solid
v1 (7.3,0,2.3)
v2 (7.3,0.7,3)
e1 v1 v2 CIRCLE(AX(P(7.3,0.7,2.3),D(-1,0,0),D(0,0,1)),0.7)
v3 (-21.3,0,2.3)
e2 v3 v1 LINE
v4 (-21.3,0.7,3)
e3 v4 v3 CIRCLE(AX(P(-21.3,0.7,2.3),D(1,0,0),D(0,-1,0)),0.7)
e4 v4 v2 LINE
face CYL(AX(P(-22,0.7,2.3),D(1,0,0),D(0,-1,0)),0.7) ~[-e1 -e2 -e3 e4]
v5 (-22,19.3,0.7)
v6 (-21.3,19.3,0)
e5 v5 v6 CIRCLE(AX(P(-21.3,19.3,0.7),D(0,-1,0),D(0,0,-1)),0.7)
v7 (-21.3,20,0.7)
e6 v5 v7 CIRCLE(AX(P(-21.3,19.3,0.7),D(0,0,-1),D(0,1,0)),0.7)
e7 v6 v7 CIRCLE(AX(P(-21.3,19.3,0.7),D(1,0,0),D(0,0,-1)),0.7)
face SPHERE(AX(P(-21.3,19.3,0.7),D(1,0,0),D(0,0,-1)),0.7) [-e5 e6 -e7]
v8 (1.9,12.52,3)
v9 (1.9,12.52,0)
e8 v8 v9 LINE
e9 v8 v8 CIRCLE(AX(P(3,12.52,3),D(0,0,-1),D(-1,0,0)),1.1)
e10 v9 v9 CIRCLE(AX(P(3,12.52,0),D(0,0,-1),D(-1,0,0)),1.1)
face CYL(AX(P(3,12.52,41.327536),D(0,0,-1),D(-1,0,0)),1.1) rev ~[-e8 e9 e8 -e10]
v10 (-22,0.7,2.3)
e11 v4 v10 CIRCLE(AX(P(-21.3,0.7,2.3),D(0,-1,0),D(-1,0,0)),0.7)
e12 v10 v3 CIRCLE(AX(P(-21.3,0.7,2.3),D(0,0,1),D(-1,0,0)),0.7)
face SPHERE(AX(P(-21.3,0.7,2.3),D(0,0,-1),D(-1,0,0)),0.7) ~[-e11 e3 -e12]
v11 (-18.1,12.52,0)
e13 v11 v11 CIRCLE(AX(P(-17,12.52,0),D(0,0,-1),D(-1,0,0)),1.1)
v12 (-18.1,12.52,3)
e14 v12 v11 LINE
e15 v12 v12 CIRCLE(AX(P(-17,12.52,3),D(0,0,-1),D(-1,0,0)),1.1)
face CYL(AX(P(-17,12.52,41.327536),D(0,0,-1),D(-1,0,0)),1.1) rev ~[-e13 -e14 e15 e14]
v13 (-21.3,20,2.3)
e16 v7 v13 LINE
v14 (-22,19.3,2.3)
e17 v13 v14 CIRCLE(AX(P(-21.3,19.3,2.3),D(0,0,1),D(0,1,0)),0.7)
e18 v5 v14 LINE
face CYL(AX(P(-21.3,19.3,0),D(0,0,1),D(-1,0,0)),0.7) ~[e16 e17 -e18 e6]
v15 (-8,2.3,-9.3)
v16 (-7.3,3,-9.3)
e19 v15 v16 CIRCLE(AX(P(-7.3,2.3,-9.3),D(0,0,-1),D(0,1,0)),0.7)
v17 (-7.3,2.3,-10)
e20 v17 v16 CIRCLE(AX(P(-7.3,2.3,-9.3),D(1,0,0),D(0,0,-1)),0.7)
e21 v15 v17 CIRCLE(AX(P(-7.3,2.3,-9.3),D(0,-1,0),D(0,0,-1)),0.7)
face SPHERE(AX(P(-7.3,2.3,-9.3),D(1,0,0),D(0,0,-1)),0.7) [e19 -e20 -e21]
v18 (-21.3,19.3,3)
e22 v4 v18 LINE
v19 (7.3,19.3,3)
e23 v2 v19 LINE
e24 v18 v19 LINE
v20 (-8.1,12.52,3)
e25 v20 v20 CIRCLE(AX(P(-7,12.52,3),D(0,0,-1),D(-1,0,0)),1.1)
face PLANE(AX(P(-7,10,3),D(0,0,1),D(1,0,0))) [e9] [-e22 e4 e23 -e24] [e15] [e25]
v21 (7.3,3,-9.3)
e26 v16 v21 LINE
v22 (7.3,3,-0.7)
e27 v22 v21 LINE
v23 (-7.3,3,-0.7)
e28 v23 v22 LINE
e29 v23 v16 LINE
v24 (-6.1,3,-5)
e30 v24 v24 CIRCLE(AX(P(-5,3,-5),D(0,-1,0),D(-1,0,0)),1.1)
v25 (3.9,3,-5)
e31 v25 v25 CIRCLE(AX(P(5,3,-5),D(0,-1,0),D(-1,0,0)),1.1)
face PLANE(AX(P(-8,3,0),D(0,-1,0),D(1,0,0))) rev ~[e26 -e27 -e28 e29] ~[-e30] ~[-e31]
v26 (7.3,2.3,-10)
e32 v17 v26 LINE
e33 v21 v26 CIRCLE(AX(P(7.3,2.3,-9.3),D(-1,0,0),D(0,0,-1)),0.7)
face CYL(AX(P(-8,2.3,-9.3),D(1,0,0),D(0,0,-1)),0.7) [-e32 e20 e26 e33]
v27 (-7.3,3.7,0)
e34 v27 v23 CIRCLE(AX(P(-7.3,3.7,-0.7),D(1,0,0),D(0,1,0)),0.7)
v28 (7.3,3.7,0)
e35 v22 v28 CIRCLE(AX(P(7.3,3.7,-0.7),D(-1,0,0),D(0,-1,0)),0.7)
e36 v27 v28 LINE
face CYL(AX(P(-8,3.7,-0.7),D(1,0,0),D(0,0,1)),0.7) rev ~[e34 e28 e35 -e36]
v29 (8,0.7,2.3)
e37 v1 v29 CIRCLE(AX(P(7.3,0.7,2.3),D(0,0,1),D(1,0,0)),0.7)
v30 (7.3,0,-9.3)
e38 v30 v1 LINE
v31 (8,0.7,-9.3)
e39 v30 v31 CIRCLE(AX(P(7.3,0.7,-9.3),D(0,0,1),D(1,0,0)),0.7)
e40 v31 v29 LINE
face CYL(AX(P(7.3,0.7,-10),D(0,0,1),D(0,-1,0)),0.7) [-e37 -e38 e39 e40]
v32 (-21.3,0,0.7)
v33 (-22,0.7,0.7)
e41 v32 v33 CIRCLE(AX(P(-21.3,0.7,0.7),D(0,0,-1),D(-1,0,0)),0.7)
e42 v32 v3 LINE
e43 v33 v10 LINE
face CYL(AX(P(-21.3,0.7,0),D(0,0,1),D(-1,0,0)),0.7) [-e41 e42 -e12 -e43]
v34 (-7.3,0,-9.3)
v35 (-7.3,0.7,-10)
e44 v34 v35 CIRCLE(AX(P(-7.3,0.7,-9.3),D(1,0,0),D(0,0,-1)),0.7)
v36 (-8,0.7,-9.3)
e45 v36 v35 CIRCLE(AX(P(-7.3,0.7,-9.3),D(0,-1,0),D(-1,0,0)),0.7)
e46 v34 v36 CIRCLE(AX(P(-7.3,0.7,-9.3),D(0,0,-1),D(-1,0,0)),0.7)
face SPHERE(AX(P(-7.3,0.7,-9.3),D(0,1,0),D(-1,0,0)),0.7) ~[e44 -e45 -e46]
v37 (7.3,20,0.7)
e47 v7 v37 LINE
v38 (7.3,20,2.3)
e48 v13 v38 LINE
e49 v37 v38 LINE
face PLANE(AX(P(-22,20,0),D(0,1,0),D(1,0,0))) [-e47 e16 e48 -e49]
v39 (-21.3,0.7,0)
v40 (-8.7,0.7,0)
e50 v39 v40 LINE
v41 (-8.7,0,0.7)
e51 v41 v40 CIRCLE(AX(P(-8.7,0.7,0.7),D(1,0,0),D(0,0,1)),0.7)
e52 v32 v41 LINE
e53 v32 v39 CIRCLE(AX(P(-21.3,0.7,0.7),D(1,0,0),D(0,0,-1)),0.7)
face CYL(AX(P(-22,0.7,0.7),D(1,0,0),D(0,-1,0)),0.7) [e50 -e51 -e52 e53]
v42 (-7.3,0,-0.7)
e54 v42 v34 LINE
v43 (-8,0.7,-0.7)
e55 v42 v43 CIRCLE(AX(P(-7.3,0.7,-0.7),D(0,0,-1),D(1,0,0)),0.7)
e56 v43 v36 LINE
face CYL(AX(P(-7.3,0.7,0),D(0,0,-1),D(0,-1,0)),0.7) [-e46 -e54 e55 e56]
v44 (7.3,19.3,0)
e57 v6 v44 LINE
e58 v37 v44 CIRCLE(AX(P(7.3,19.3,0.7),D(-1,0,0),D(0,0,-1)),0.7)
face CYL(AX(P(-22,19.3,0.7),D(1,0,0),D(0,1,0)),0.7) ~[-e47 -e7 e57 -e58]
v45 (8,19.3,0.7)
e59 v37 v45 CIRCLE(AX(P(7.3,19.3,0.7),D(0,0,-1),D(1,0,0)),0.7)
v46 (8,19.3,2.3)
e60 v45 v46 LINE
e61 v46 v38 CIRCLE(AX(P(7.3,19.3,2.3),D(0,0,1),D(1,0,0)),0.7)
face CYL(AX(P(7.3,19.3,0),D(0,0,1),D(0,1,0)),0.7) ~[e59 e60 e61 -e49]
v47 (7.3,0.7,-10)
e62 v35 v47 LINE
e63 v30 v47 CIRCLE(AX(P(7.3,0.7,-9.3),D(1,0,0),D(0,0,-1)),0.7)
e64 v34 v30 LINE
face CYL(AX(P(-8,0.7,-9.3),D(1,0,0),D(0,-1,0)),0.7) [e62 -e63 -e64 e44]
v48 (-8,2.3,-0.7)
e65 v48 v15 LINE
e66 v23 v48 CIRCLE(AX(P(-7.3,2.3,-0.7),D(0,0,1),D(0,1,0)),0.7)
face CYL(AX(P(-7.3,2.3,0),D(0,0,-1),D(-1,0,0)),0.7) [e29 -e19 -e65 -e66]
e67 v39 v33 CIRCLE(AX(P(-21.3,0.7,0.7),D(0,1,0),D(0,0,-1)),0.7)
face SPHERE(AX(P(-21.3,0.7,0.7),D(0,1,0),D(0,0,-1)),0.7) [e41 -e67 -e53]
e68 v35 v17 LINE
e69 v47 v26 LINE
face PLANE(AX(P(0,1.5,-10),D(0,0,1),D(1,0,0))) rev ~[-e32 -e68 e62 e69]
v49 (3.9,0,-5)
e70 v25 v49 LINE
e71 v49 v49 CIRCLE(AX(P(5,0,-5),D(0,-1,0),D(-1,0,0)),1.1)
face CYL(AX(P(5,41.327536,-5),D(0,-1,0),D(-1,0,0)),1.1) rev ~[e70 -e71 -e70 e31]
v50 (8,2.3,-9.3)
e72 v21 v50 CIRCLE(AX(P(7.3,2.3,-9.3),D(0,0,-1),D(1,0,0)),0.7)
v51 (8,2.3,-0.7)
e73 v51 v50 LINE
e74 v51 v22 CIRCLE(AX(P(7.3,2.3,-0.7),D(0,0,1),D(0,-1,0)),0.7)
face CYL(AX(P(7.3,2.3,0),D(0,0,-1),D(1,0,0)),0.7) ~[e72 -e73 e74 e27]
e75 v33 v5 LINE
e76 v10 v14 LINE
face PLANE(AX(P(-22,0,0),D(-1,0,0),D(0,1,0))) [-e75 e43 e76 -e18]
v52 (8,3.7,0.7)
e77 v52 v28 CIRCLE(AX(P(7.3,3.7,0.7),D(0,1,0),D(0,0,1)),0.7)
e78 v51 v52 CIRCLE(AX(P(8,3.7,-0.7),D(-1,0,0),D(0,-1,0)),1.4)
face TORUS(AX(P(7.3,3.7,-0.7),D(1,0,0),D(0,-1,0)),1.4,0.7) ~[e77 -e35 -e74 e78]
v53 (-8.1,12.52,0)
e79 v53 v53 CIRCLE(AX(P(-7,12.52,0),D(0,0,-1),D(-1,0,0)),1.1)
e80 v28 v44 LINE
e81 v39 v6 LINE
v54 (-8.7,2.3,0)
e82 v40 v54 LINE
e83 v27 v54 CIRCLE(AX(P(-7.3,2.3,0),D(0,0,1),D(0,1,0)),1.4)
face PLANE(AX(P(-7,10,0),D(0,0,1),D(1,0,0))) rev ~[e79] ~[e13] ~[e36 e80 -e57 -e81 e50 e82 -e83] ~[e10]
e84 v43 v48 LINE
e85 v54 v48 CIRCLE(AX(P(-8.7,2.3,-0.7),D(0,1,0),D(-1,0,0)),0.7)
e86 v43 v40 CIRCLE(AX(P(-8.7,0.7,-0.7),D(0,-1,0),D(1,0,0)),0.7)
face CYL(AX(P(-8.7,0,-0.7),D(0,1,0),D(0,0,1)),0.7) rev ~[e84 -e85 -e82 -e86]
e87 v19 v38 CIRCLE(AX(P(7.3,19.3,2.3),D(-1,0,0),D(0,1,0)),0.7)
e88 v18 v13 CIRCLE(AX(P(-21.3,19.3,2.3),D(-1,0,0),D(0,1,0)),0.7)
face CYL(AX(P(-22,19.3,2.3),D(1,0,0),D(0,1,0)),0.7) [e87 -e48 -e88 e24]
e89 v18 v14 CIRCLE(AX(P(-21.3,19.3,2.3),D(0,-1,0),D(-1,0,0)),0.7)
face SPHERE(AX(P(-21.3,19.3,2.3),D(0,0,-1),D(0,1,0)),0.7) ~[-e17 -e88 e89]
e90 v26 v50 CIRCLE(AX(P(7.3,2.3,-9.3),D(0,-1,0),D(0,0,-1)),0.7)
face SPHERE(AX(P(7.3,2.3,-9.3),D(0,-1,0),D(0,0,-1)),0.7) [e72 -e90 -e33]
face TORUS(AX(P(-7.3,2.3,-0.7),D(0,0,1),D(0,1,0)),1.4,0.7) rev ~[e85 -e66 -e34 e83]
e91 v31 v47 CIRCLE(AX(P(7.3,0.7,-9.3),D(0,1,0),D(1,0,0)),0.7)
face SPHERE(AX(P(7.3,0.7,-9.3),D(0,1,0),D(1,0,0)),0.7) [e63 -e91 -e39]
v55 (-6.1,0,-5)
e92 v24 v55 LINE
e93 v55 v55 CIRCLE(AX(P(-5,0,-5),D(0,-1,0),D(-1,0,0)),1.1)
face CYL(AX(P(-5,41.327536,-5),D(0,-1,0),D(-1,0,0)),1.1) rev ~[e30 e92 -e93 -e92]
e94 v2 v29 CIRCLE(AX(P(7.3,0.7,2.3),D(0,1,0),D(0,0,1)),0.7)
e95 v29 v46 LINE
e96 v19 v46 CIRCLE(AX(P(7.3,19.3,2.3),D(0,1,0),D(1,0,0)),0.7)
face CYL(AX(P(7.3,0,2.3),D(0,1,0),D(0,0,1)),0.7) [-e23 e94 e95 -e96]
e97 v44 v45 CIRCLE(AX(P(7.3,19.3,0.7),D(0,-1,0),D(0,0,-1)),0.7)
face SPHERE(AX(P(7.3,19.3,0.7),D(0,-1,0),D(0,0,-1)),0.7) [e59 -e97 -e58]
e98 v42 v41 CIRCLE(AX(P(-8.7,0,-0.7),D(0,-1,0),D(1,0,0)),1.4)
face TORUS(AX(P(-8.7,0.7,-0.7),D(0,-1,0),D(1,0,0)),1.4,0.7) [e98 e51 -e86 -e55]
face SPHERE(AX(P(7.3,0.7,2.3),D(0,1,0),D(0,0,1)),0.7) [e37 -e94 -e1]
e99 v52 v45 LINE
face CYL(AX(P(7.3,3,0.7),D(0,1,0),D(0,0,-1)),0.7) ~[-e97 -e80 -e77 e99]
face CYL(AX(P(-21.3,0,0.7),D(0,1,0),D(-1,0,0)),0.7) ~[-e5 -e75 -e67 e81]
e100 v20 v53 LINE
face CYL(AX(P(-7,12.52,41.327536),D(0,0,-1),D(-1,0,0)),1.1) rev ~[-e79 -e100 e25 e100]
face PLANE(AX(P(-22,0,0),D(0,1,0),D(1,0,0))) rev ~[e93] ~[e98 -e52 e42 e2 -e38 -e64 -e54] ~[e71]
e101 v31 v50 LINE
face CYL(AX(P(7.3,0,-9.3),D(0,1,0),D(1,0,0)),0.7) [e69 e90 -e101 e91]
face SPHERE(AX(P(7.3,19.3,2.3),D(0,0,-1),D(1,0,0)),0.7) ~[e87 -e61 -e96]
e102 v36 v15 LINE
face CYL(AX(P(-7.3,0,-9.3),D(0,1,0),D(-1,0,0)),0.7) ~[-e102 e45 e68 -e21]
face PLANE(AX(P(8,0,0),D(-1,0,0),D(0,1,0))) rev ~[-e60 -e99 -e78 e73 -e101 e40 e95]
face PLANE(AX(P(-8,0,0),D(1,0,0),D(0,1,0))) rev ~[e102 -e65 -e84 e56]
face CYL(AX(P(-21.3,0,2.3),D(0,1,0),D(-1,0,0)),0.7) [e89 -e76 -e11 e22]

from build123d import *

# Parameters (mm, degrees)
SKETCH_1_W              = 16
SKETCH_1_H              = 3
EXTRUDE_1_DEPTH         = 10
SKETCH_2_W              = 30
SKETCH_2_H              = 20
EXTRUDE_2_DEPTH         = 3
HOLE_WIZARD_2_2_2_2_1_D = 2.2
HOLE_WIZARD_2_2_2_2_2_D = 2.2
FILLET_1_R              = 0.7


with BuildPart() as part:
    # 草图1 → 凸台-拉伸1 (new body)
    with BuildSketch(Plane.XY):
        with Locations((0, 1.5)):
            Rectangle(SKETCH_1_W, SKETCH_1_H)
    extrude(amount=-EXTRUDE_1_DEPTH)

    # 草图2 → 凸台-拉伸2 (add)
    with BuildSketch(Plane.XY):
        with Locations((-7, 10)):
            Rectangle(SKETCH_2_W, SKETCH_2_H)
    extrude(amount=EXTRUDE_2_DEPTH)

    # Ø2.2 (2.2) 直径孔1 (through all)
    with Locations(Plane(origin=(0, 3, 0), x_dir=(1, 0, 0), z_dir=(0, 1, 0))):
        with Locations((-5, 5), (5, 5)):
            Hole(HOLE_WIZARD_2_2_2_2_1_D / 2)

    # Ø2.2 (2.2) 直径孔2 (through all)
    with Locations(Plane.XY.offset(3)):
        with Locations((-17, 12.52), (-7, 12.52), (3, 12.52)):
            Hole(HOLE_WIZARD_2_2_2_2_2_D / 2)

    # 圆角1
    fillet_1_edges = [part.edges().sort_by_distance(p)[0] for p in [
        (8, 1.5, -10),
        (8, 11.5, 0),
        (-7, 20, 0),
        (8, 20, 1.5),
        (-22, 10, 0),
        (-22, 20, 1.5),
        (-15, 0, 0),
        (-22, 0, 1.5),
        (8, 10, 3),
        (-7, 20, 3),
        (0, 3, -10),
        (-22, 10, 3),
        (-7, 0, 3),
        (-8, 1.5, -10),
        (0, 3, 0),
        (-8, 1.5, 0),
        (-8, 3, -5),
        (8, 3, -5),
        (8, 0, -3.5),
        (-8, 0, -5),
        (0, 0, -10),
    ]]
    fillet(fillet_1_edges, radius=FILLET_1_R)


solid = part.part
